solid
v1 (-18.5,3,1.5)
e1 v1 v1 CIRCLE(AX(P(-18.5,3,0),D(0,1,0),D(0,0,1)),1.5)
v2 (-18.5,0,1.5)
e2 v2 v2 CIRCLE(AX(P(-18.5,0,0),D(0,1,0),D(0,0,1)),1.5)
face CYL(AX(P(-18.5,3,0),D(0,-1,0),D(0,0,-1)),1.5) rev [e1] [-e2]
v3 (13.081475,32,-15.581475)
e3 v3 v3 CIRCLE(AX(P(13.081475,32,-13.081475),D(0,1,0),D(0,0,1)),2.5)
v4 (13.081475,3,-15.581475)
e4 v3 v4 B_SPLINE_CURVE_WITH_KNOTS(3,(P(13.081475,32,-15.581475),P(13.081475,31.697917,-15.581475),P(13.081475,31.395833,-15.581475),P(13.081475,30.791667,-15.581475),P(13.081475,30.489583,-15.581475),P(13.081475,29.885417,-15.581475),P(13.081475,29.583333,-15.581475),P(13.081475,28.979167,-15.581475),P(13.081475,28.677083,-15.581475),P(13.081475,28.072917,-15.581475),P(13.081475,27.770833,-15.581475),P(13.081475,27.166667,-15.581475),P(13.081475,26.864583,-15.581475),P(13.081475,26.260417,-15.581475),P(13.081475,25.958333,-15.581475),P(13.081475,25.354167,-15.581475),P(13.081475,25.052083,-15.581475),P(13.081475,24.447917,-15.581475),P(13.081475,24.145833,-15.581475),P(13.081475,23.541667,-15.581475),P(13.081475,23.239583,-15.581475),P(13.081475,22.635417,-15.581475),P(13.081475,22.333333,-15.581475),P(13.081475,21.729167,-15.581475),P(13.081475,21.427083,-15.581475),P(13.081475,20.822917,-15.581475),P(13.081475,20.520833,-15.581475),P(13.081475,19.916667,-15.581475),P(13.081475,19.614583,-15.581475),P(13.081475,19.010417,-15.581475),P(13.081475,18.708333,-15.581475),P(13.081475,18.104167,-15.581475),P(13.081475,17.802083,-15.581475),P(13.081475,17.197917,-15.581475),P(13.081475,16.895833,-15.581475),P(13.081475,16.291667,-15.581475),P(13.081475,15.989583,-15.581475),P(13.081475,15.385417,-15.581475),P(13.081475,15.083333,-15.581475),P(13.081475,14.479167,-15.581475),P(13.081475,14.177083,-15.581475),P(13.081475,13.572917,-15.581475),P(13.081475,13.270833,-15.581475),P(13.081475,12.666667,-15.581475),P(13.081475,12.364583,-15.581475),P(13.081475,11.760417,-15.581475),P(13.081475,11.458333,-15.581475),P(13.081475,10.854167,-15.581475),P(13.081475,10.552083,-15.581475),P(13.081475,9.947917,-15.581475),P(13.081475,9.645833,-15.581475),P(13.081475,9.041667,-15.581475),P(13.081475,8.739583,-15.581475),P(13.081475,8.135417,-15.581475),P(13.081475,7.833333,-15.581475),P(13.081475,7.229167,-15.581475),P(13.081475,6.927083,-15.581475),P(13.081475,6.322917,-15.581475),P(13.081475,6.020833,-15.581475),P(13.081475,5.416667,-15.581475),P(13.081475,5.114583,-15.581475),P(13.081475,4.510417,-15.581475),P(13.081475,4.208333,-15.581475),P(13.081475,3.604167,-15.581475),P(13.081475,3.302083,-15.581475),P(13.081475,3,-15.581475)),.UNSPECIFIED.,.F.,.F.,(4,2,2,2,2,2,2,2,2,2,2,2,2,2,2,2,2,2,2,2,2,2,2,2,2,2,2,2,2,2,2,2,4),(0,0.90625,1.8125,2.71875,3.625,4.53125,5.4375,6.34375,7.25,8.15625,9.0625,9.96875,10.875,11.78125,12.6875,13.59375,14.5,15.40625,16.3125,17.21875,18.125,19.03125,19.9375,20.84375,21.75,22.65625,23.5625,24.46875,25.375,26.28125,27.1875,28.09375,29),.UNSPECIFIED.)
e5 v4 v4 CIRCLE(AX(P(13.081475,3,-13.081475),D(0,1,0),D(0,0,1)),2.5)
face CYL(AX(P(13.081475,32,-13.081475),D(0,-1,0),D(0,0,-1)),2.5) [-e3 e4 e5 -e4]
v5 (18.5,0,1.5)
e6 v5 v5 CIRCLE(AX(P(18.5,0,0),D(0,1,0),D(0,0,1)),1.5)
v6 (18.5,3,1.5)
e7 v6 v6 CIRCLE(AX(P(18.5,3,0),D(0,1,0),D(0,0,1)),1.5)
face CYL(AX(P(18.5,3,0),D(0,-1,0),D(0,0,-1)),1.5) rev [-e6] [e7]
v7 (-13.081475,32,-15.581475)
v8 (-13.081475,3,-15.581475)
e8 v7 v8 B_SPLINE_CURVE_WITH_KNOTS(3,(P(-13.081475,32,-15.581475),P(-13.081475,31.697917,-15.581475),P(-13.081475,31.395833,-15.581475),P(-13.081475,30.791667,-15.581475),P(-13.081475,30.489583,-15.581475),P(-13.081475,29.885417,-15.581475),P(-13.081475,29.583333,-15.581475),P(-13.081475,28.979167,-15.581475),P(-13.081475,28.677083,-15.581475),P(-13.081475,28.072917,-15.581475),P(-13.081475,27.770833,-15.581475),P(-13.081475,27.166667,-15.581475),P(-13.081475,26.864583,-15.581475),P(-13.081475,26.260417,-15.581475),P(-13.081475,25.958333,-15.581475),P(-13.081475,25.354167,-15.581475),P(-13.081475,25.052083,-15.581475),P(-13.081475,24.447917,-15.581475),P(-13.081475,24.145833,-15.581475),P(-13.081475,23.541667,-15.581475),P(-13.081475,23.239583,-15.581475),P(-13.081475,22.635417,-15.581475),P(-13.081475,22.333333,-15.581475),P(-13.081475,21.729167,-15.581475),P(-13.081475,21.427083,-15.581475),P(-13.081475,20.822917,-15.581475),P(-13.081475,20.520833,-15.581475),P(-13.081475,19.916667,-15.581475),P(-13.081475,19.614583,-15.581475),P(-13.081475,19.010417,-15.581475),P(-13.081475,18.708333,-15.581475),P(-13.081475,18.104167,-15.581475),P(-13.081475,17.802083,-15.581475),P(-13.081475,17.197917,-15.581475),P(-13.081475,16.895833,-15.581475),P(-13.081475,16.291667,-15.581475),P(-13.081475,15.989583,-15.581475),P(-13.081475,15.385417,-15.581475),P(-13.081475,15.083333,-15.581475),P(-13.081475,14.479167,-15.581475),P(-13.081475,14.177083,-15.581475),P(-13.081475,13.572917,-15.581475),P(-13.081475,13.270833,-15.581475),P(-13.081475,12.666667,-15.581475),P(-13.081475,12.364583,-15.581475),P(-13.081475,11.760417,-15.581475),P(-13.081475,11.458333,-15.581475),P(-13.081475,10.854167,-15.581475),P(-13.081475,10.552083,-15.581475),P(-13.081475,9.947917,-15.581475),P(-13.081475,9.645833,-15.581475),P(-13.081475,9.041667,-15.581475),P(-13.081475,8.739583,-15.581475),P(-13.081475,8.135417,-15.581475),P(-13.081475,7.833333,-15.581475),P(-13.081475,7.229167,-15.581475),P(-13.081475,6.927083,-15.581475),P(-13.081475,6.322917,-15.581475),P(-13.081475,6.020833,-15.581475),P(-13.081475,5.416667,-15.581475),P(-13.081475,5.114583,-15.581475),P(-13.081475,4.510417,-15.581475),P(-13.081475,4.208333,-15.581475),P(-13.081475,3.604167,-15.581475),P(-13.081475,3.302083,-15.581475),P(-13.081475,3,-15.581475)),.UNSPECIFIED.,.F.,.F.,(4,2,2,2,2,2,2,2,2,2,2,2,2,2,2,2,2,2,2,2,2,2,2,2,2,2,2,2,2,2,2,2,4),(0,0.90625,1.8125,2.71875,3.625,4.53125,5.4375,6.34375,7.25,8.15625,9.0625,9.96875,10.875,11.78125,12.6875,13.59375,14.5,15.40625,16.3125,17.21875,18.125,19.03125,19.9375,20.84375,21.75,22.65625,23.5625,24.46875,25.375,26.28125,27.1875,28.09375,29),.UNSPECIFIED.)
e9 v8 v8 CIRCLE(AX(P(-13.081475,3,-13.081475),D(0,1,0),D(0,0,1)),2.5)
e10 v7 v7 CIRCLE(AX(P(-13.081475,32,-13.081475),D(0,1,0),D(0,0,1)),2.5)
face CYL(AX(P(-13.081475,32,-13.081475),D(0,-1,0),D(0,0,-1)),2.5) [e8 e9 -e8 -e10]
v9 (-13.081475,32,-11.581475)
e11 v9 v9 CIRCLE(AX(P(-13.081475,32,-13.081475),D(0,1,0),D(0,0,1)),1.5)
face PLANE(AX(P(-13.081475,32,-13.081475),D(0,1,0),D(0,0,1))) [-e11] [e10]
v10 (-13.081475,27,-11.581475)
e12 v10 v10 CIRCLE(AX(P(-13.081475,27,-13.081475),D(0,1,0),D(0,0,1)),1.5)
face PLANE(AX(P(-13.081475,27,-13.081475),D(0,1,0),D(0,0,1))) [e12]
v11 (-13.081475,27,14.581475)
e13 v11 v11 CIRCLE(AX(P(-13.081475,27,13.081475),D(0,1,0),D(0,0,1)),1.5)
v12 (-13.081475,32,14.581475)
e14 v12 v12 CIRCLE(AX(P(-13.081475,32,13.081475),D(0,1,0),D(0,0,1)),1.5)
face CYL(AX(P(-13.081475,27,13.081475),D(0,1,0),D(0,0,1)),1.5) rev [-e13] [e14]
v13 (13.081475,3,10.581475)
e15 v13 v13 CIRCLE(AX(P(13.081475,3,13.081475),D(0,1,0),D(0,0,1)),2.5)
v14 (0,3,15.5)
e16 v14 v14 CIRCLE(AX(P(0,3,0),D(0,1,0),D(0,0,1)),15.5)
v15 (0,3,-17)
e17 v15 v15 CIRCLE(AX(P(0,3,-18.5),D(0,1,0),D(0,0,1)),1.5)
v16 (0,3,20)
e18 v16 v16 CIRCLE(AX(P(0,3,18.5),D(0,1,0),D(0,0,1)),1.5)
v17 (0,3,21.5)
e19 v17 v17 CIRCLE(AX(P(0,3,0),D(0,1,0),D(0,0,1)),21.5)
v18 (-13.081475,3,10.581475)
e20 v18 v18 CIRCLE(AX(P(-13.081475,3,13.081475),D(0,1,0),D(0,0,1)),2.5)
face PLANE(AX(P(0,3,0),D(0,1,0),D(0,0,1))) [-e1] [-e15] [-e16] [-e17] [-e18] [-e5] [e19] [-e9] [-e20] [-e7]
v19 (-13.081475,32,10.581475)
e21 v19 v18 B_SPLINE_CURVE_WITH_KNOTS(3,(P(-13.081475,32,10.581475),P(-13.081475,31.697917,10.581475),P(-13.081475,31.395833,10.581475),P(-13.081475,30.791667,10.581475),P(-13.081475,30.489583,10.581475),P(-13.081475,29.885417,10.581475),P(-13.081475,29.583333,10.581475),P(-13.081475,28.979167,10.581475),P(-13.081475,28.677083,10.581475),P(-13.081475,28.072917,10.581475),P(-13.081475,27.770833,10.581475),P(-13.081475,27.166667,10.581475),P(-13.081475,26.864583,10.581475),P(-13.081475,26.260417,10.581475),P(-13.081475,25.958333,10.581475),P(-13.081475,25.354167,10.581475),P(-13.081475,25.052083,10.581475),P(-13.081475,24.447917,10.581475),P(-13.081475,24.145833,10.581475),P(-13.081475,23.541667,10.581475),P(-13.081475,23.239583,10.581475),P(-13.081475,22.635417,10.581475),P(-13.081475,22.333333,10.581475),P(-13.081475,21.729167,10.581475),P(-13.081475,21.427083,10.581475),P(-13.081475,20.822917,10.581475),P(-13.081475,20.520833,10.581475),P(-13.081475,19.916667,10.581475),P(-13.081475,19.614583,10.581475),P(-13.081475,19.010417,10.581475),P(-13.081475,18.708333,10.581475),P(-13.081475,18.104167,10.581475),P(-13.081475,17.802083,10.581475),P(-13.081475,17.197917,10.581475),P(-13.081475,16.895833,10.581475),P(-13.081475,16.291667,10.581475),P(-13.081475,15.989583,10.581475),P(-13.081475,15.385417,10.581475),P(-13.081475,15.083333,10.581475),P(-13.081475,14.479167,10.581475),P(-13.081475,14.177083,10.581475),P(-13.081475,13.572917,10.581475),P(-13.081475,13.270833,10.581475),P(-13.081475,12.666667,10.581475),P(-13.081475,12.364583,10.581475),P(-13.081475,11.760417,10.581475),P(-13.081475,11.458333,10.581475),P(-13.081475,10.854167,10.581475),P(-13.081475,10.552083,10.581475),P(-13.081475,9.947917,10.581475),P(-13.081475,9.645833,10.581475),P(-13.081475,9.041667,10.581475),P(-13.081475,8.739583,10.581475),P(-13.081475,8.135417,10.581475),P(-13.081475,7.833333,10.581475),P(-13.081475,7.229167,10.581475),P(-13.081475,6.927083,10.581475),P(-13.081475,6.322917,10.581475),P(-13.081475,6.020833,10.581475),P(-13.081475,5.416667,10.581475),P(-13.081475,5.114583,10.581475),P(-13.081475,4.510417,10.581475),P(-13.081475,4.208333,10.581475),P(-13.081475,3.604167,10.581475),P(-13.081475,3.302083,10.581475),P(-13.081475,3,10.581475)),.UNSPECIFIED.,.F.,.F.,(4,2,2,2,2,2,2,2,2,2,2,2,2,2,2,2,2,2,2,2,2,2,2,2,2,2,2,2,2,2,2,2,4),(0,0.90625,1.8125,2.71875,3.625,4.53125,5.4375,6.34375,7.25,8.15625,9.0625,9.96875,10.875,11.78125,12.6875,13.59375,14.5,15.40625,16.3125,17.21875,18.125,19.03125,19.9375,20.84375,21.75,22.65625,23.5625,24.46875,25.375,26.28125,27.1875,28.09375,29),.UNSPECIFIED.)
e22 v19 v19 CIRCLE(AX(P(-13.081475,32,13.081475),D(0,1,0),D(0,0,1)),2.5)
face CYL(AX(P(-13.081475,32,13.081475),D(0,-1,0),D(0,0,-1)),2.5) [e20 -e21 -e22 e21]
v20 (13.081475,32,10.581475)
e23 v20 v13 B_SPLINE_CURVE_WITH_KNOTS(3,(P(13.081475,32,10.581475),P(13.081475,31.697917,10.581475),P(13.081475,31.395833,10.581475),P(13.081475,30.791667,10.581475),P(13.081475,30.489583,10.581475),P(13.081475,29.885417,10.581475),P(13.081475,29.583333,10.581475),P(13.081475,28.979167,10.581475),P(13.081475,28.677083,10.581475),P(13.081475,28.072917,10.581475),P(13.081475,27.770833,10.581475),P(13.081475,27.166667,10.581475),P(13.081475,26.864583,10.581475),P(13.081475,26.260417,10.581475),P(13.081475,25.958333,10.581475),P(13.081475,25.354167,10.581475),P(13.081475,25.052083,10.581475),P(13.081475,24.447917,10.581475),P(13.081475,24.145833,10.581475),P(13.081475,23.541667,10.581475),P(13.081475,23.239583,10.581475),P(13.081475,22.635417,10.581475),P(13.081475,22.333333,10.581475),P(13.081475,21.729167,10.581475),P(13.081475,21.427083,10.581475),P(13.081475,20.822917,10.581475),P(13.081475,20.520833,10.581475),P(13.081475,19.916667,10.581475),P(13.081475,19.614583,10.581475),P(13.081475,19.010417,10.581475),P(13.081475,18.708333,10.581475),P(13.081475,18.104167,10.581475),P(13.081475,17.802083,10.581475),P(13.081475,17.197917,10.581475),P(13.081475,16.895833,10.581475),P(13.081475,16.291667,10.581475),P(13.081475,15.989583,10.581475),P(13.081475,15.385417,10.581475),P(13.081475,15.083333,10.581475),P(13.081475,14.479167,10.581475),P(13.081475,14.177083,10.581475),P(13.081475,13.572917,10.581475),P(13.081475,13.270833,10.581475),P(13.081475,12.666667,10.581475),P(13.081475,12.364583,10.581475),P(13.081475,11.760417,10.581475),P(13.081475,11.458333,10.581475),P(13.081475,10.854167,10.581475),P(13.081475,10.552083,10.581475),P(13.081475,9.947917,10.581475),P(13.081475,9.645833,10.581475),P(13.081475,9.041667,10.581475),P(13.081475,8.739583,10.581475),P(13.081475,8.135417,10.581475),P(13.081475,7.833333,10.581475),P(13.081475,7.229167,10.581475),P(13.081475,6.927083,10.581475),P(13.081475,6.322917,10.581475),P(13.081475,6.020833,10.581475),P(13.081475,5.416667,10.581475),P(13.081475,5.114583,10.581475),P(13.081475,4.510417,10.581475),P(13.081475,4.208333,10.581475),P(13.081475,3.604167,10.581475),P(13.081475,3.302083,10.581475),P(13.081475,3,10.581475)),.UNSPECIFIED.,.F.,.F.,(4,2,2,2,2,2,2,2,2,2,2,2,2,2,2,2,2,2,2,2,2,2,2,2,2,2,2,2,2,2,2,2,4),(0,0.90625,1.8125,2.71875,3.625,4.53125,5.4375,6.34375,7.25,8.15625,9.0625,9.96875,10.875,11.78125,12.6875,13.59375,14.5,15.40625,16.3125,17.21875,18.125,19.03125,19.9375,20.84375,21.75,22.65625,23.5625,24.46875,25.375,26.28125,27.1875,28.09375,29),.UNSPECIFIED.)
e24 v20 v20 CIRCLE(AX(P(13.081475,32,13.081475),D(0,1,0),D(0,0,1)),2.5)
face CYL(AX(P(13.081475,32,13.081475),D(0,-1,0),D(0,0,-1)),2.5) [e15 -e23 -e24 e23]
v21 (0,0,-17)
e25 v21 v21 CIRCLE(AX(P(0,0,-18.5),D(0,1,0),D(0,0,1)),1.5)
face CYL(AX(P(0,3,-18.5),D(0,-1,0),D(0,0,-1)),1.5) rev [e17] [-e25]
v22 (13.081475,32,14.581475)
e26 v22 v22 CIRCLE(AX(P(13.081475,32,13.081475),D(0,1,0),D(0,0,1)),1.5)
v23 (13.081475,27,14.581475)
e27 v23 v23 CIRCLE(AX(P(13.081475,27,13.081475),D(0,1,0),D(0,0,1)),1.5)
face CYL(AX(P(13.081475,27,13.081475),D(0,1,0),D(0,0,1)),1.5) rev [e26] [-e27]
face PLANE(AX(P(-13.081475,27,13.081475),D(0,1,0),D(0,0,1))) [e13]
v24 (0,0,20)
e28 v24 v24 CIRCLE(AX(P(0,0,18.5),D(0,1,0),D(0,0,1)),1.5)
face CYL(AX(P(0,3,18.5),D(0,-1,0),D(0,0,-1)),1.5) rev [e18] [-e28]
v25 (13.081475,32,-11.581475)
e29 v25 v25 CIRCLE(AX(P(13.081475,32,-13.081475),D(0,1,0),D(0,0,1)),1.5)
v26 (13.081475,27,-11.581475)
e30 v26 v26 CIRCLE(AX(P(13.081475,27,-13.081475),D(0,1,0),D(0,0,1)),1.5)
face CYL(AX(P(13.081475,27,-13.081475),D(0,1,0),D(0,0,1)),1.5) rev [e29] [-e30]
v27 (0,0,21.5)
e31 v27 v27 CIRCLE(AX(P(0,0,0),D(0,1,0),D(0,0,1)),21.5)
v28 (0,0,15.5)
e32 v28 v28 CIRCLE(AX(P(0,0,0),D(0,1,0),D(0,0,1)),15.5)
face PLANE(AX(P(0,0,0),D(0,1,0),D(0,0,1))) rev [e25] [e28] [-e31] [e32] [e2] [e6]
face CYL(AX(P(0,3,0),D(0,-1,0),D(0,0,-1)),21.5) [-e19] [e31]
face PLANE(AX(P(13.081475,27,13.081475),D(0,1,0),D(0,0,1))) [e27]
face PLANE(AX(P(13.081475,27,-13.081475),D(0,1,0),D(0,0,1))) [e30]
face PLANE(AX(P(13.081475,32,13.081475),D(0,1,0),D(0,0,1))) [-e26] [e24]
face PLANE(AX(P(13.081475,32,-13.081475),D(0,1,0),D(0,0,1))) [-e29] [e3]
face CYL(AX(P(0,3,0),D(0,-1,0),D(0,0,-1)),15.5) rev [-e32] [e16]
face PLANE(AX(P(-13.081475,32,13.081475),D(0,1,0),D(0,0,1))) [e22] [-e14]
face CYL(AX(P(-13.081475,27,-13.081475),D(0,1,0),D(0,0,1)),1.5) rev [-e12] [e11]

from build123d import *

# Parameters (mm, degrees)
SKETCH1_R           = 21.5
SKETCH1_R_2         = 15.5
SKETCH1_R_3         = 1.5
BOSS_EXTRUDE1_DEPTH = 3
SKETCH2_R           = 2.5
BOSS_EXTRUDE2_DEPTH = 29
SKETCH3_R           = 1.5
CUT_EXTRUDE1_DEPTH  = 5


with BuildPart() as part:
    # Sketch1 → Boss-Extrude1 (new body)
    with BuildSketch(Plane(origin=(0, 0, 0), x_dir=(1, 0, 0), z_dir=(0, 1, 0))):
        with Locations(Location((0, 0, 0), (0, 0, 270))):
            Circle(SKETCH1_R)
        with Locations(Location((0, 0, 0), (0, 0, 270))):
            Circle(SKETCH1_R_2, mode=Mode.SUBTRACT)
        with Locations(Location((0, 18.5, 0), (0, 0, 270))):
            Circle(SKETCH1_R_3, mode=Mode.SUBTRACT)
        with Locations(Location((18.5, 0, 0), (0, 0, 270))):
            Circle(SKETCH1_R_3, mode=Mode.SUBTRACT)
        with Locations(Location((0, -18.5, 0), (0, 0, 270))):
            Circle(SKETCH1_R_3, mode=Mode.SUBTRACT)
        with Locations(Location((-18.5, 0, 0), (0, 0, 270))):
            Circle(SKETCH1_R_3, mode=Mode.SUBTRACT)
    extrude(amount=BOSS_EXTRUDE1_DEPTH)

    # Sketch2 → Boss-Extrude2 (add)
    with BuildSketch(Plane(origin=(0, 3, 0), x_dir=(1, 0, 0), z_dir=(0, 1, 0))):
        with Locations(Location((-13.081475452, 13.081475452, 0), (0, 0, 90))):
            Circle(SKETCH2_R)
        with Locations(Location((13.081475452, 13.081475452, 0), (0, 0, 90))):
            Circle(SKETCH2_R)
        with Locations(Location((13.081475452, -13.081475452, 0), (0, 0, 90))):
            Circle(SKETCH2_R)
        with Locations(Location((-13.081475452, -13.081475452, 0), (0, 0, 90))):
            Circle(SKETCH2_R)
    extrude(amount=BOSS_EXTRUDE2_DEPTH)

    # Sketch3 → Cut-Extrude1 (cut)
    with BuildSketch(Plane(origin=(0, 32, 0), x_dir=(1, 0, 0), z_dir=(0, 1, 0))):
        with Locations(Location((-13.081475452, 13.081475452, 0), (0, 0, 270))):
            Circle(SKETCH3_R)
        with Locations(Location((13.081475452, 13.081475452, 0), (0, 0, 270))):
            Circle(SKETCH3_R)
        with Locations(Location((13.081475452, -13.081475452, 0), (0, 0, 270))):
            Circle(SKETCH3_R)
        with Locations(Location((-13.081475452, -13.081475452, 0), (0, 0, 270))):
            Circle(SKETCH3_R)
    extrude(amount=-CUT_EXTRUDE1_DEPTH, mode=Mode.SUBTRACT)


solid = part.part
